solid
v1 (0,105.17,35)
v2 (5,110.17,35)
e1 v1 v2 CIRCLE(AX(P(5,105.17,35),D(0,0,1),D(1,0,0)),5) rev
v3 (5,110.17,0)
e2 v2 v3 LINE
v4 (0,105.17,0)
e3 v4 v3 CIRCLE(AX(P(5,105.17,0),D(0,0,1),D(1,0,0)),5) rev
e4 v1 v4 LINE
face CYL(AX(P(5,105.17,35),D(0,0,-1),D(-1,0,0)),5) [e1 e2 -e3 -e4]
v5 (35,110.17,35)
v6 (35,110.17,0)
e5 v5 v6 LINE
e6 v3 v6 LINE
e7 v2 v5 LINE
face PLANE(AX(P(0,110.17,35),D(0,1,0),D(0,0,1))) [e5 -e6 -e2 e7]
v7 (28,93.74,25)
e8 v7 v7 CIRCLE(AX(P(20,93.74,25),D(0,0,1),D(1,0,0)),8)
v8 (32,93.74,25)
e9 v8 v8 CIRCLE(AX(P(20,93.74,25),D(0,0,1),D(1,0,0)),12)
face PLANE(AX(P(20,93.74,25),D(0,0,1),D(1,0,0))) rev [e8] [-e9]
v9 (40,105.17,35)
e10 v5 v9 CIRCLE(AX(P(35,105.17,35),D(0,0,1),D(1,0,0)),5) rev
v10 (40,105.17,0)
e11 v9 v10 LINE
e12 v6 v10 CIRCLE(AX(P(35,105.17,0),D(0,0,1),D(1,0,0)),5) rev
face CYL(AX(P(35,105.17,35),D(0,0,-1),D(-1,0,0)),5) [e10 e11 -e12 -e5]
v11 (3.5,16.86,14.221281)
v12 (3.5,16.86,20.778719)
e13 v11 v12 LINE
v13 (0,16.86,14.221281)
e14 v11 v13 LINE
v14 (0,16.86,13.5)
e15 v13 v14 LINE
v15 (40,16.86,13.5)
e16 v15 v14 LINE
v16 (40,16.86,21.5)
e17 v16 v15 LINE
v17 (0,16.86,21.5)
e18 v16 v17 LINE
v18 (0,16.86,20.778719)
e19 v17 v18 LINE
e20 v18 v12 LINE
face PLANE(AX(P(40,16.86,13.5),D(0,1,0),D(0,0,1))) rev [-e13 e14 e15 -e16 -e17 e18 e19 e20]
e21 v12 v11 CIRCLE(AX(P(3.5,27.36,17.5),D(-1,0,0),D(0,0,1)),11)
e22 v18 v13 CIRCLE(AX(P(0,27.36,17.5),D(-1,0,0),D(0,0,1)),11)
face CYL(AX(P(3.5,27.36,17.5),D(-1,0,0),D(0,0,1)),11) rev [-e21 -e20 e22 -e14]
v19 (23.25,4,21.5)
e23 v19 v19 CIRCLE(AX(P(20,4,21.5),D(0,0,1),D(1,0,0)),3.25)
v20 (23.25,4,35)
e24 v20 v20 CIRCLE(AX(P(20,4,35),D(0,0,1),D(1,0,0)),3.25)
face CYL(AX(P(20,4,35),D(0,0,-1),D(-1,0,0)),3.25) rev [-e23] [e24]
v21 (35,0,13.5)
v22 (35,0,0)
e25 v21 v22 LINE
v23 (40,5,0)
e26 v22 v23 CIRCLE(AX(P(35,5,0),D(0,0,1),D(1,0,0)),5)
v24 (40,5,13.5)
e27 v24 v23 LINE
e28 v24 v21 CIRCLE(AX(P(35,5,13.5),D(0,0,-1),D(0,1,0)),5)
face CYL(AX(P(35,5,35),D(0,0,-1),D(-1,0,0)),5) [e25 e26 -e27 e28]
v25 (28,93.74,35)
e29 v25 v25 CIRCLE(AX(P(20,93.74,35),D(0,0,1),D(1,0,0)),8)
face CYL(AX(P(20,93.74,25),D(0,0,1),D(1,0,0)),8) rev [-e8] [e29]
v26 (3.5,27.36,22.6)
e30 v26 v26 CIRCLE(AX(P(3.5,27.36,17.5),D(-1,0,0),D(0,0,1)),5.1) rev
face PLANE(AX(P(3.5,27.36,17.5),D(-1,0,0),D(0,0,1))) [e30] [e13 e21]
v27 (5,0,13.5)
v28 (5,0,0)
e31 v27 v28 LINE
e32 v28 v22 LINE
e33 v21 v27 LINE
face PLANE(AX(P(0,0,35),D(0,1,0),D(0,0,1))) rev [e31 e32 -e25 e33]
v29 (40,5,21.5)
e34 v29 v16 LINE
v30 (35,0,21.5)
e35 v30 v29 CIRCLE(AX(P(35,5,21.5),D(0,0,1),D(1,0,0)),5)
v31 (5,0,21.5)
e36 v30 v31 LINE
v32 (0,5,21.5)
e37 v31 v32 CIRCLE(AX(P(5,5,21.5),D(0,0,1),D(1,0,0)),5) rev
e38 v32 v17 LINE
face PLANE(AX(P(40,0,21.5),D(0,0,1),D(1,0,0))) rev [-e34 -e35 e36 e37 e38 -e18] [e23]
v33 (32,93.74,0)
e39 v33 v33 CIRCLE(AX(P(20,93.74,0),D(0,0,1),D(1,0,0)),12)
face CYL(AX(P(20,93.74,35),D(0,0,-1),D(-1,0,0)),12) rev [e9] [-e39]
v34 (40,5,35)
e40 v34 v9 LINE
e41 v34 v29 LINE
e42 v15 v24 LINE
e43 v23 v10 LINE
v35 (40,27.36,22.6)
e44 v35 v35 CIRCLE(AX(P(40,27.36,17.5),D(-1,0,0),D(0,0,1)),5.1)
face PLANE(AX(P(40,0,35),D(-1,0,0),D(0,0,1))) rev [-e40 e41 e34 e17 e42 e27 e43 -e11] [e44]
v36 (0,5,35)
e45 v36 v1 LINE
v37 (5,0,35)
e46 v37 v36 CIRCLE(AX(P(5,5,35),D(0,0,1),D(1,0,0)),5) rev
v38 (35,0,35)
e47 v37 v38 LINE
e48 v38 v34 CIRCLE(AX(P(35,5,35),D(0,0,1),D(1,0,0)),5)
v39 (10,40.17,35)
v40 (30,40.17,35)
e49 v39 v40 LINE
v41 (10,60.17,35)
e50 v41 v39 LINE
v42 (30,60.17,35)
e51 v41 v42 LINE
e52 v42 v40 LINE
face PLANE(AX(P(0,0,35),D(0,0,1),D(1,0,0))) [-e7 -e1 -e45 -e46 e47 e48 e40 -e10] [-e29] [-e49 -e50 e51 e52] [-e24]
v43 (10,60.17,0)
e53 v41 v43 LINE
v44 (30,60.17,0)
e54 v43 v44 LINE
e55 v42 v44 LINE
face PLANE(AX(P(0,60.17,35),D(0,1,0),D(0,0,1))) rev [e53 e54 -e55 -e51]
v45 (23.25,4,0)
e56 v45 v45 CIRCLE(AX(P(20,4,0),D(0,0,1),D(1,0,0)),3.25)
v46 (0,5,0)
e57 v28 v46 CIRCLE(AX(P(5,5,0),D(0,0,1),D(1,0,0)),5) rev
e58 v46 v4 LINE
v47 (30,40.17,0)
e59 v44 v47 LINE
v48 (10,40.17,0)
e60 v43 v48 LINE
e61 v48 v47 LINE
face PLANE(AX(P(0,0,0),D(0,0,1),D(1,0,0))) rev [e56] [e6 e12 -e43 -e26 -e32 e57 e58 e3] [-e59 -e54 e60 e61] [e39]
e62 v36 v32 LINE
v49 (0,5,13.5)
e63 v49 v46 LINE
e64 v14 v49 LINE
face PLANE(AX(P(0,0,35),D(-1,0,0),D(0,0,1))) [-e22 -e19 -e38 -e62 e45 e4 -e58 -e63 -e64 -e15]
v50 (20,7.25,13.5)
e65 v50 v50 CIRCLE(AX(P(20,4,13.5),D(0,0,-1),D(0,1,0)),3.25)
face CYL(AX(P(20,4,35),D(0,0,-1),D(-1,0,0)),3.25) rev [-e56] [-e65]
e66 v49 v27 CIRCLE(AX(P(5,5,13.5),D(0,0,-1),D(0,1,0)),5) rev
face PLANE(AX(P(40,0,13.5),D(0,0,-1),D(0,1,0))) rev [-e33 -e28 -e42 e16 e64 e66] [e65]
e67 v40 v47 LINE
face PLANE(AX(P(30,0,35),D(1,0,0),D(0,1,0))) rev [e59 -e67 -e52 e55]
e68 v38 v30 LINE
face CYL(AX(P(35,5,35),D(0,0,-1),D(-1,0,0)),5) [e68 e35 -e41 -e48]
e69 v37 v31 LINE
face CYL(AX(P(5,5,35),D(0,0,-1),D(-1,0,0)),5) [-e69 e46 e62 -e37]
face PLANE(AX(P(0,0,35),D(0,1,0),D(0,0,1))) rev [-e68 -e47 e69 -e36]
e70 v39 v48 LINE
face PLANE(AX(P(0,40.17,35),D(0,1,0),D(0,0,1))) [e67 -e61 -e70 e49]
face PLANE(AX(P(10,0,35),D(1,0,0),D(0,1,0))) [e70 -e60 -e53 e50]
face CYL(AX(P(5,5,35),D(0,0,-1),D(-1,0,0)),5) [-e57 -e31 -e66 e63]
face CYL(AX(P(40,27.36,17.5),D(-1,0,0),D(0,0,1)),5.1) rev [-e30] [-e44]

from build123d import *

# Parameters (mm, degrees)
CROQUIS1_R              = 12
CROQUIS1_R_2            = 3.25
SALIENTE_EXTRUIR1_DEPTH = 35
SALIENTE_EXTRUIR2_START = -10
CROQUIS2_R              = 12
CROQUIS2_R_2            = 8
SALIENTE_EXTRUIR2_DEPTH = 10
CROQUIS3_R              = 5.1
CROQUIS3_W              = 8
CROQUIS3_H              = 16.86
CORTAR_EXTRUIR2_DEPTH   = 123.321007599
CROQUIS4_R              = 11
CORTAR_EXTRUIR3_DEPTH   = 3.5


with BuildPart() as part:
    # Croquis1 → Saliente-Extruir1 (new body)
    # profile 1 of 2: a face of its own
    with BuildSketch(Plane.XY):
        with BuildLine():
            Line((0, 105.17), (0, 40.17))
            Line((0, 40.17), (10, 40.17))
            Line((10, 40.17), (10, 60.17))
            Line((10, 60.17), (30, 60.17))
            Line((30, 60.17), (30, 40.17))
            Line((30, 40.17), (40, 40.17))
            Line((40, 40.17), (40, 105.17))
            ThreePointArc((40, 105.17), (38.535533906, 108.705533906), (35, 110.17))
            Line((35, 110.17), (5, 110.17))
            ThreePointArc((5, 110.17), (1.464466094, 108.705533906), (0, 105.17))
        make_face()
        with Locations((20, 93.74)):
            Circle(CROQUIS1_R, mode=Mode.SUBTRACT)
    # profile 2 of 2: a face of its own
    with BuildSketch(Plane.XY):
        with BuildLine():
            Line((5, 0), (35, 0))
            ThreePointArc((35, 0), (38.535533906, 1.464466094), (40, 5))
            Line((40, 5), (40, 40.17))
            Line((40, 40.17), (0, 40.17))
            Line((0, 40.17), (0, 5))
            ThreePointArc((0, 5), (1.464466094, 1.464466094), (5, 0))
        make_face()
        with Locations((20, 4)):
            Circle(CROQUIS1_R_2, mode=Mode.SUBTRACT)
    extrude(amount=SALIENTE_EXTRUIR1_DEPTH)

    # Croquis2 → Saliente-Extruir2 (add)
    with BuildSketch(Plane.XY.offset(35).offset(SALIENTE_EXTRUIR2_START)):
        with Locations((20, 93.74)):
            Circle(CROQUIS2_R)
        with Locations((20, 93.74)):
            Circle(CROQUIS2_R_2, mode=Mode.SUBTRACT)
    extrude(amount=SALIENTE_EXTRUIR2_DEPTH)

    # Croquis3 → Cortar-Extruir2 (cut, through all)
    with BuildSketch(Plane.ZY):
        with Locations((17.5, 27.36)):
            Circle(CROQUIS3_R)
        with Locations((17.5, 8.43)):
            Rectangle(CROQUIS3_W, CROQUIS3_H)
    extrude(amount=-CORTAR_EXTRUIR2_DEPTH, mode=Mode.SUBTRACT)

    # Croquis4 → Cortar-Extruir3 (cut)
    with BuildSketch(Plane.ZY):
        with Locations((17.5, 27.36)):
            Circle(CROQUIS4_R)
    extrude(amount=-CORTAR_EXTRUIR3_DEPTH, mode=Mode.SUBTRACT)


solid = part.part
